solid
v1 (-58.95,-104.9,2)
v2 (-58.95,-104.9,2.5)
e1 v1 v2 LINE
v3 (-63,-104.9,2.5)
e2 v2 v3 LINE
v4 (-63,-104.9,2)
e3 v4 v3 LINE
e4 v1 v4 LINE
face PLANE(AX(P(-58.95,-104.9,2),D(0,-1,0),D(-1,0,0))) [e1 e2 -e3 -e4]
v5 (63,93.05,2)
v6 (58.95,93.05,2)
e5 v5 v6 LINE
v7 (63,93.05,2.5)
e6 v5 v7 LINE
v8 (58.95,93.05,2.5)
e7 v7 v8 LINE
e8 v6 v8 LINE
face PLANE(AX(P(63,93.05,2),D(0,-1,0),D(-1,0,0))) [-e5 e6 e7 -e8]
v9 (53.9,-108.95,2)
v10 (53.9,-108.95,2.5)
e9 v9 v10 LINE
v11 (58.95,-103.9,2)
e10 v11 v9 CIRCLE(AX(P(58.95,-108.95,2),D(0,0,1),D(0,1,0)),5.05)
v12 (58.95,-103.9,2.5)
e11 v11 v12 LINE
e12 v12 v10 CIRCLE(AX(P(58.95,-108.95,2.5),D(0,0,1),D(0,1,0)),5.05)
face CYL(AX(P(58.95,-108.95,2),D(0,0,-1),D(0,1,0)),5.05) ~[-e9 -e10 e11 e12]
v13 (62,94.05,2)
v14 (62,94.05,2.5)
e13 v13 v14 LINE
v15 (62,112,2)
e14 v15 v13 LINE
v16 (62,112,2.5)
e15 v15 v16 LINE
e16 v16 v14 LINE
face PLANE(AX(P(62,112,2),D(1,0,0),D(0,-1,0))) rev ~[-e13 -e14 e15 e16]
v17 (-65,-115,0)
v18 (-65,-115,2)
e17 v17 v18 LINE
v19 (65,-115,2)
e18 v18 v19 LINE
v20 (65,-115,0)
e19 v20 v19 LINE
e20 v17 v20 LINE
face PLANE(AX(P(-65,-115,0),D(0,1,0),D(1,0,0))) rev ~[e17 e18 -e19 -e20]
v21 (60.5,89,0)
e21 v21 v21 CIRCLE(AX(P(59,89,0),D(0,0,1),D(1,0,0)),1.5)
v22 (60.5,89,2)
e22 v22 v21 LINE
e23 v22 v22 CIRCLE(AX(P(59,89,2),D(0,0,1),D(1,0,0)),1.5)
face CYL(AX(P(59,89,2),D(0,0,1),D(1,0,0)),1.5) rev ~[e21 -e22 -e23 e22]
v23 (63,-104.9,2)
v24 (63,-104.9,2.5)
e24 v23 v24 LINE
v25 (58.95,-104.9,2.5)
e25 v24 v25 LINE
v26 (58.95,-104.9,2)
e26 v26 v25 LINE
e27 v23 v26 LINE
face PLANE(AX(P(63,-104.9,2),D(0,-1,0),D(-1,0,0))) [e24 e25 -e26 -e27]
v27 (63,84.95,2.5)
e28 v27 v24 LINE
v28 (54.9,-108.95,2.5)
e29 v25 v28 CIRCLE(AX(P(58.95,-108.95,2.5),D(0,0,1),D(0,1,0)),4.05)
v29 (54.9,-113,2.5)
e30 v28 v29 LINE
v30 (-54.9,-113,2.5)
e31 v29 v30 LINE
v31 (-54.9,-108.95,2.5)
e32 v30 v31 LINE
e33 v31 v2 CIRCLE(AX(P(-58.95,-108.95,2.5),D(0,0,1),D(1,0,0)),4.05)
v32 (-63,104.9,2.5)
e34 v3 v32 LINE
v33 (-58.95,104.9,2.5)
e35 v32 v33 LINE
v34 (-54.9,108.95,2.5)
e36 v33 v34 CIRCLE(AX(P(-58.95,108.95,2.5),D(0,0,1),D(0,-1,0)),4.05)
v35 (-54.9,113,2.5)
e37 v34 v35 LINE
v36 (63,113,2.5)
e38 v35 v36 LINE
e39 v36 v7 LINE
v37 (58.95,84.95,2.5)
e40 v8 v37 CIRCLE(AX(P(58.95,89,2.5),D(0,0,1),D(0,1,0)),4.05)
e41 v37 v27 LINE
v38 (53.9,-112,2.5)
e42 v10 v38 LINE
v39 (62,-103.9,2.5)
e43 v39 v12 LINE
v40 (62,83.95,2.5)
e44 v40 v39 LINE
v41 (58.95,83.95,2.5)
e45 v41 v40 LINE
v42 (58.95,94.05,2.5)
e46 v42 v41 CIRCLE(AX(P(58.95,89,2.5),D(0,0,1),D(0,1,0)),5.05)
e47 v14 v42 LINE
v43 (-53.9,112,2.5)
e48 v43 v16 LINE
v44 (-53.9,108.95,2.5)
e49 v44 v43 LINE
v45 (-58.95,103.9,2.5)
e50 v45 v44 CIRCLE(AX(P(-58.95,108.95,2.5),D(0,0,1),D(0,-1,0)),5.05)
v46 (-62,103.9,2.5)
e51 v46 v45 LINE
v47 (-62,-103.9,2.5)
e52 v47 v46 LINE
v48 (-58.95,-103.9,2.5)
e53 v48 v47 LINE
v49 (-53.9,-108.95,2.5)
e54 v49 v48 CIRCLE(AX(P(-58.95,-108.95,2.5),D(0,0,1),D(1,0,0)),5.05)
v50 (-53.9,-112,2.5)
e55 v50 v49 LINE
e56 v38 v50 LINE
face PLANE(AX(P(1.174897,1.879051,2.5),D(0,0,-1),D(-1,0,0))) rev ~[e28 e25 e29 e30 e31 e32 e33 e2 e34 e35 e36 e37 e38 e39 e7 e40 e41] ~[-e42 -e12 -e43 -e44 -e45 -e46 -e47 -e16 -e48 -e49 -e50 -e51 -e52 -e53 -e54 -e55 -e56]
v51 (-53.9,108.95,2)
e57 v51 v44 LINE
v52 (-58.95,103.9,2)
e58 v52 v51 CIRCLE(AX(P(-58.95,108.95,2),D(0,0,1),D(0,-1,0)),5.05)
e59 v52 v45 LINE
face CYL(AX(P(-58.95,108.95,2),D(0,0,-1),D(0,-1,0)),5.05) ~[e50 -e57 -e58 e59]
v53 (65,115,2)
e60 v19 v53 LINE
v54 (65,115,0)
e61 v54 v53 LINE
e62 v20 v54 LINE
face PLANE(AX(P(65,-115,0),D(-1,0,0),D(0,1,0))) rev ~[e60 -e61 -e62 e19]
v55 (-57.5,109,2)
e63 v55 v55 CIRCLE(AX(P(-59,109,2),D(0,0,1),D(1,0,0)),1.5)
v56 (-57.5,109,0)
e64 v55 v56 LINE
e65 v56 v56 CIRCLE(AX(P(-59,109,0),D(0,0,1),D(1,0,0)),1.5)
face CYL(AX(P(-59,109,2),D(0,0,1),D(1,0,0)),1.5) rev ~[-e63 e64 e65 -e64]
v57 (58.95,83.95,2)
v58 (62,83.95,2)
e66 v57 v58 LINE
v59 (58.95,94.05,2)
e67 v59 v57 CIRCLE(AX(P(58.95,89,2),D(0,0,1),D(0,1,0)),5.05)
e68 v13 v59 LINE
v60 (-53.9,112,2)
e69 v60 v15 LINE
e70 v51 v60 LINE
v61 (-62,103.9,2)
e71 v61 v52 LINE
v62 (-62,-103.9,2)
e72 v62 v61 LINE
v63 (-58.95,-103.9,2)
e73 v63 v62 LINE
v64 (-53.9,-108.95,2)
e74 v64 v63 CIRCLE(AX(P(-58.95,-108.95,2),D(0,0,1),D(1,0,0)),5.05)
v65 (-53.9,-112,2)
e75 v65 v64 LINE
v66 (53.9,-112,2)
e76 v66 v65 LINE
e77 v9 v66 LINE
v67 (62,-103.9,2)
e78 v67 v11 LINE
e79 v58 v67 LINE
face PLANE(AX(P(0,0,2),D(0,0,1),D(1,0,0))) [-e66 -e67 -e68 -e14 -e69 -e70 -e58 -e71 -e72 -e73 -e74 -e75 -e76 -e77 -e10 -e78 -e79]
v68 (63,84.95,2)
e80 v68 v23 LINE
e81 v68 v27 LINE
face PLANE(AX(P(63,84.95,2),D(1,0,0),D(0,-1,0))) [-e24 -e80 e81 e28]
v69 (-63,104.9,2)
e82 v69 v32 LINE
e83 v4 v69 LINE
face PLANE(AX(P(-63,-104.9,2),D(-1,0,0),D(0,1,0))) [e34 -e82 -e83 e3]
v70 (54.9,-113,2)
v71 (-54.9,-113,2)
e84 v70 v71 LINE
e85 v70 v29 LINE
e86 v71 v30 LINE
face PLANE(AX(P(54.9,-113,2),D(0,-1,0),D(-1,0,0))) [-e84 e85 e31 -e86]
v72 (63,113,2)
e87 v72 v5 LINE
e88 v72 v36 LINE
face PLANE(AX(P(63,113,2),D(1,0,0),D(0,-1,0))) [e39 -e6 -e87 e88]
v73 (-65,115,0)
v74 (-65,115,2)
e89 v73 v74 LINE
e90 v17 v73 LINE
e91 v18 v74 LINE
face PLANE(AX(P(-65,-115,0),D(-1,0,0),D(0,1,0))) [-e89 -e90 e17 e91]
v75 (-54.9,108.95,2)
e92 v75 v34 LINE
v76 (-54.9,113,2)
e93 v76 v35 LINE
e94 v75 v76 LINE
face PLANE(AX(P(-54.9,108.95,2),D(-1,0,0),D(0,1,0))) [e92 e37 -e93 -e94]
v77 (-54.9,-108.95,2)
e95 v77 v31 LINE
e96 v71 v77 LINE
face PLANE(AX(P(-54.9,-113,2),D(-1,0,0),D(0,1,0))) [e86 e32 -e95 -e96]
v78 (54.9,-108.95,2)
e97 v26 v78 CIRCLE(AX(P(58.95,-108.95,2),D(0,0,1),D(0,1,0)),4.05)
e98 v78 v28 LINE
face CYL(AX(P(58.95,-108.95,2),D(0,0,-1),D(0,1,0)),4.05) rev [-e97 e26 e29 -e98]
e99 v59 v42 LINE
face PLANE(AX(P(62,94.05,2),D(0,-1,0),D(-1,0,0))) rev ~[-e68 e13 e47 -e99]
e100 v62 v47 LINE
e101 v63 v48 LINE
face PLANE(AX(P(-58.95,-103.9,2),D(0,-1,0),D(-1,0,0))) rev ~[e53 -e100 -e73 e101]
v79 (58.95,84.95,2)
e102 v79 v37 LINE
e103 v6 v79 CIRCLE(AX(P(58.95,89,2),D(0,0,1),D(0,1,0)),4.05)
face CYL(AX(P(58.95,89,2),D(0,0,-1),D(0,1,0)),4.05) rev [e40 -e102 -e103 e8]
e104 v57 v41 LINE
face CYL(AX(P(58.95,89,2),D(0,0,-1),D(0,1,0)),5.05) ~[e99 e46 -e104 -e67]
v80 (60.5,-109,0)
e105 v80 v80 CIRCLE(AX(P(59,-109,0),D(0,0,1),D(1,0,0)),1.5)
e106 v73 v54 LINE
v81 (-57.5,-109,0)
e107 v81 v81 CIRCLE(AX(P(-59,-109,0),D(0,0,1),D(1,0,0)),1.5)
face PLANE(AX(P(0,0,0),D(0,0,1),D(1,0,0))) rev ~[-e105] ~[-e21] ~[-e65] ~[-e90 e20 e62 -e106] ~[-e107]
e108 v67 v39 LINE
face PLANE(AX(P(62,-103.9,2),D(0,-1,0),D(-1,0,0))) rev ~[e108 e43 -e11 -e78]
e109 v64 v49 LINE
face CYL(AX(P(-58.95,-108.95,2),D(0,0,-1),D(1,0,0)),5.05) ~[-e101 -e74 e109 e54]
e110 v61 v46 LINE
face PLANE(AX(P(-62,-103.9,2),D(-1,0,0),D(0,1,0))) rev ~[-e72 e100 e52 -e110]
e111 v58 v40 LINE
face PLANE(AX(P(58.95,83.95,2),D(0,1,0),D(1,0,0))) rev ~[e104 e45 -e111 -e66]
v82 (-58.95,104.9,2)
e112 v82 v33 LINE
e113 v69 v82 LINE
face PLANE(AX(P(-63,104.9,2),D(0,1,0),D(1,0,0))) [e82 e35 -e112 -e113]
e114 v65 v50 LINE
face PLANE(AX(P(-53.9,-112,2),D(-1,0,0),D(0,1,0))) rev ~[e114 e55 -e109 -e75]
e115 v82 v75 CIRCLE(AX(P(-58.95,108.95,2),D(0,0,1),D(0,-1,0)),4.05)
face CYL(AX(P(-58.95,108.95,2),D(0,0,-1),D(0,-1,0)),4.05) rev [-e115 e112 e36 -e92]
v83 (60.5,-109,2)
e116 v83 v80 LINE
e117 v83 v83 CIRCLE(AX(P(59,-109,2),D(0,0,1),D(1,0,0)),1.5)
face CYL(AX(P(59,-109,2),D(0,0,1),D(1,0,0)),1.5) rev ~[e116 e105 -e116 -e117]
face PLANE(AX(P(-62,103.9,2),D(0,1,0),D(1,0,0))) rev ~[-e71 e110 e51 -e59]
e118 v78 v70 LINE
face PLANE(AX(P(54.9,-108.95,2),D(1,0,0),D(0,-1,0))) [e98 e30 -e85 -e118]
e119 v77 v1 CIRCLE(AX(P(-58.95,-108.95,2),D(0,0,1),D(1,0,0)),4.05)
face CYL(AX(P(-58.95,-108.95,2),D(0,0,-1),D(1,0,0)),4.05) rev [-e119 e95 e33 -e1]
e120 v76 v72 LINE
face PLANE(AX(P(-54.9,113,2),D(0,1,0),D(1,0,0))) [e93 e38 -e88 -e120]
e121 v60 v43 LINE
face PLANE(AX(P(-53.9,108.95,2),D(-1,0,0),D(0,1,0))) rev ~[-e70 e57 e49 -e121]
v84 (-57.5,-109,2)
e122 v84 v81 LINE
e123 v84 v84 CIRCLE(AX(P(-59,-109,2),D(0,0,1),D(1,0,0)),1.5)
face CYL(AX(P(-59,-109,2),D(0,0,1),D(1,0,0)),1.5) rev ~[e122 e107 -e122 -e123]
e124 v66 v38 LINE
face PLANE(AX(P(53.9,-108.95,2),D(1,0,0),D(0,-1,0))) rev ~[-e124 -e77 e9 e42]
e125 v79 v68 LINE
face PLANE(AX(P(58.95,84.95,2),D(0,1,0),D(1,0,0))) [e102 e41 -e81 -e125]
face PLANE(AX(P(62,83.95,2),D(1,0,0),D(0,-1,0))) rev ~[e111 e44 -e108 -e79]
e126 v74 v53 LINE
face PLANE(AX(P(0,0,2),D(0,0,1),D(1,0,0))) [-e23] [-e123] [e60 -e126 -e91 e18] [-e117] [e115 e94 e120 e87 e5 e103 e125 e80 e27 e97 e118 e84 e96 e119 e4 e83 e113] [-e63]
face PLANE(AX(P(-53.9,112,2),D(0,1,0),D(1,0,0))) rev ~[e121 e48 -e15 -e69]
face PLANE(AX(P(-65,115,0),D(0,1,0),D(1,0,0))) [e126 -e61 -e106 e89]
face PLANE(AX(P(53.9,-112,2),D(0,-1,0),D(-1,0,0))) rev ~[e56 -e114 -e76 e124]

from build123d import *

# Parameters (mm, degrees)
SKETCH1_W           = 130
SKETCH1_H           = 230
BOSS_EXTRUDE1_DEPTH = 2
EXTRUDE_THIN1_DEPTH = 0.5
SKETCH3_R           = 1.5
CUT_EXTRUDE1_DEPTH  = 133.113587492


with BuildPart() as part:
    # Sketch1 → Boss-Extrude1 (new body)
    with BuildSketch(Plane.XY):
        Rectangle(SKETCH1_W, SKETCH1_H)
    extrude(amount=BOSS_EXTRUDE1_DEPTH)

    # Sketch2 → Extrude-Thin1 (add)
    with BuildSketch(Plane.XY.offset(2)):
        with BuildLine():
            Line((58.95, 84.95), (63, 84.95))
            Line((63, 84.95), (63, -104.9))
            Line((63, -104.9), (58.95, -104.9))
            ThreePointArc((58.95, -104.9), (56.086217536, -106.086217536), (54.9, -108.95))
            Line((54.9, -108.95), (54.9, -113))
            Line((54.9, -113), (-54.9, -113))
            Line((-54.9, -113), (-54.9, -108.95))
            ThreePointArc((-54.9, -108.95), (-56.086217536, -106.086217536), (-58.95, -104.9))
            Line((-58.95, -104.9), (-63, -104.9))
            Line((-63, -104.9), (-63, 104.9))
            Line((-63, 104.9), (-58.95, 104.9))
            ThreePointArc((-58.95, 104.9), (-56.086217536, 106.086217536), (-54.9, 108.95))
            Line((-54.9, 108.95), (-54.9, 113))
            Line((-54.9, 113), (63, 113))
            Line((63, 113), (63, 93.05))
            Line((63, 93.05), (58.95, 93.05))
            ThreePointArc((58.95, 93.05), (54.9, 89), (58.95, 84.95))
        make_face()
        with BuildLine():
            Line((58.95, 83.95), (62, 83.95))
            Line((62, 83.95), (62, -103.9))
            Line((62, -103.9), (58.95, -103.9))
            ThreePointArc((58.95, -103.9), (55.379110755, -105.379110755), (53.9, -108.95))
            Line((53.9, -108.95), (53.9, -112))
            Line((53.9, -112), (-53.9, -112))
            Line((-53.9, -112), (-53.9, -108.95))
            ThreePointArc((-53.9, -108.95), (-55.379110755, -105.379110755), (-58.95, -103.9))
            Line((-58.95, -103.9), (-62, -103.9))
            Line((-62, -103.9), (-62, 103.9))
            Line((-62, 103.9), (-58.95, 103.9))
            ThreePointArc((-58.95, 103.9), (-55.379110755, 105.379110755), (-53.9, 108.95))
            Line((-53.9, 108.95), (-53.9, 112))
            Line((-53.9, 112), (62, 112))
            Line((62, 112), (62, 94.05))
            Line((62, 94.05), (58.95, 94.05))
            ThreePointArc((58.95, 94.05), (53.9, 89), (58.95, 83.95))
        make_face(mode=Mode.SUBTRACT)
    extrude(amount=EXTRUDE_THIN1_DEPTH)

    # Sketch3 → Cut-Extrude1 (cut, through all)
    with BuildSketch(Plane.XY.offset(2)):
        with Locations((59, -109)):
            Circle(SKETCH3_R)
        with Locations((-59, -109)):
            Circle(SKETCH3_R)
        with Locations((-59, 109)):
            Circle(SKETCH3_R)
        with Locations((59, 89)):
            Circle(SKETCH3_R)
    extrude(amount=-CUT_EXTRUDE1_DEPTH, mode=Mode.SUBTRACT)


solid = part.part
